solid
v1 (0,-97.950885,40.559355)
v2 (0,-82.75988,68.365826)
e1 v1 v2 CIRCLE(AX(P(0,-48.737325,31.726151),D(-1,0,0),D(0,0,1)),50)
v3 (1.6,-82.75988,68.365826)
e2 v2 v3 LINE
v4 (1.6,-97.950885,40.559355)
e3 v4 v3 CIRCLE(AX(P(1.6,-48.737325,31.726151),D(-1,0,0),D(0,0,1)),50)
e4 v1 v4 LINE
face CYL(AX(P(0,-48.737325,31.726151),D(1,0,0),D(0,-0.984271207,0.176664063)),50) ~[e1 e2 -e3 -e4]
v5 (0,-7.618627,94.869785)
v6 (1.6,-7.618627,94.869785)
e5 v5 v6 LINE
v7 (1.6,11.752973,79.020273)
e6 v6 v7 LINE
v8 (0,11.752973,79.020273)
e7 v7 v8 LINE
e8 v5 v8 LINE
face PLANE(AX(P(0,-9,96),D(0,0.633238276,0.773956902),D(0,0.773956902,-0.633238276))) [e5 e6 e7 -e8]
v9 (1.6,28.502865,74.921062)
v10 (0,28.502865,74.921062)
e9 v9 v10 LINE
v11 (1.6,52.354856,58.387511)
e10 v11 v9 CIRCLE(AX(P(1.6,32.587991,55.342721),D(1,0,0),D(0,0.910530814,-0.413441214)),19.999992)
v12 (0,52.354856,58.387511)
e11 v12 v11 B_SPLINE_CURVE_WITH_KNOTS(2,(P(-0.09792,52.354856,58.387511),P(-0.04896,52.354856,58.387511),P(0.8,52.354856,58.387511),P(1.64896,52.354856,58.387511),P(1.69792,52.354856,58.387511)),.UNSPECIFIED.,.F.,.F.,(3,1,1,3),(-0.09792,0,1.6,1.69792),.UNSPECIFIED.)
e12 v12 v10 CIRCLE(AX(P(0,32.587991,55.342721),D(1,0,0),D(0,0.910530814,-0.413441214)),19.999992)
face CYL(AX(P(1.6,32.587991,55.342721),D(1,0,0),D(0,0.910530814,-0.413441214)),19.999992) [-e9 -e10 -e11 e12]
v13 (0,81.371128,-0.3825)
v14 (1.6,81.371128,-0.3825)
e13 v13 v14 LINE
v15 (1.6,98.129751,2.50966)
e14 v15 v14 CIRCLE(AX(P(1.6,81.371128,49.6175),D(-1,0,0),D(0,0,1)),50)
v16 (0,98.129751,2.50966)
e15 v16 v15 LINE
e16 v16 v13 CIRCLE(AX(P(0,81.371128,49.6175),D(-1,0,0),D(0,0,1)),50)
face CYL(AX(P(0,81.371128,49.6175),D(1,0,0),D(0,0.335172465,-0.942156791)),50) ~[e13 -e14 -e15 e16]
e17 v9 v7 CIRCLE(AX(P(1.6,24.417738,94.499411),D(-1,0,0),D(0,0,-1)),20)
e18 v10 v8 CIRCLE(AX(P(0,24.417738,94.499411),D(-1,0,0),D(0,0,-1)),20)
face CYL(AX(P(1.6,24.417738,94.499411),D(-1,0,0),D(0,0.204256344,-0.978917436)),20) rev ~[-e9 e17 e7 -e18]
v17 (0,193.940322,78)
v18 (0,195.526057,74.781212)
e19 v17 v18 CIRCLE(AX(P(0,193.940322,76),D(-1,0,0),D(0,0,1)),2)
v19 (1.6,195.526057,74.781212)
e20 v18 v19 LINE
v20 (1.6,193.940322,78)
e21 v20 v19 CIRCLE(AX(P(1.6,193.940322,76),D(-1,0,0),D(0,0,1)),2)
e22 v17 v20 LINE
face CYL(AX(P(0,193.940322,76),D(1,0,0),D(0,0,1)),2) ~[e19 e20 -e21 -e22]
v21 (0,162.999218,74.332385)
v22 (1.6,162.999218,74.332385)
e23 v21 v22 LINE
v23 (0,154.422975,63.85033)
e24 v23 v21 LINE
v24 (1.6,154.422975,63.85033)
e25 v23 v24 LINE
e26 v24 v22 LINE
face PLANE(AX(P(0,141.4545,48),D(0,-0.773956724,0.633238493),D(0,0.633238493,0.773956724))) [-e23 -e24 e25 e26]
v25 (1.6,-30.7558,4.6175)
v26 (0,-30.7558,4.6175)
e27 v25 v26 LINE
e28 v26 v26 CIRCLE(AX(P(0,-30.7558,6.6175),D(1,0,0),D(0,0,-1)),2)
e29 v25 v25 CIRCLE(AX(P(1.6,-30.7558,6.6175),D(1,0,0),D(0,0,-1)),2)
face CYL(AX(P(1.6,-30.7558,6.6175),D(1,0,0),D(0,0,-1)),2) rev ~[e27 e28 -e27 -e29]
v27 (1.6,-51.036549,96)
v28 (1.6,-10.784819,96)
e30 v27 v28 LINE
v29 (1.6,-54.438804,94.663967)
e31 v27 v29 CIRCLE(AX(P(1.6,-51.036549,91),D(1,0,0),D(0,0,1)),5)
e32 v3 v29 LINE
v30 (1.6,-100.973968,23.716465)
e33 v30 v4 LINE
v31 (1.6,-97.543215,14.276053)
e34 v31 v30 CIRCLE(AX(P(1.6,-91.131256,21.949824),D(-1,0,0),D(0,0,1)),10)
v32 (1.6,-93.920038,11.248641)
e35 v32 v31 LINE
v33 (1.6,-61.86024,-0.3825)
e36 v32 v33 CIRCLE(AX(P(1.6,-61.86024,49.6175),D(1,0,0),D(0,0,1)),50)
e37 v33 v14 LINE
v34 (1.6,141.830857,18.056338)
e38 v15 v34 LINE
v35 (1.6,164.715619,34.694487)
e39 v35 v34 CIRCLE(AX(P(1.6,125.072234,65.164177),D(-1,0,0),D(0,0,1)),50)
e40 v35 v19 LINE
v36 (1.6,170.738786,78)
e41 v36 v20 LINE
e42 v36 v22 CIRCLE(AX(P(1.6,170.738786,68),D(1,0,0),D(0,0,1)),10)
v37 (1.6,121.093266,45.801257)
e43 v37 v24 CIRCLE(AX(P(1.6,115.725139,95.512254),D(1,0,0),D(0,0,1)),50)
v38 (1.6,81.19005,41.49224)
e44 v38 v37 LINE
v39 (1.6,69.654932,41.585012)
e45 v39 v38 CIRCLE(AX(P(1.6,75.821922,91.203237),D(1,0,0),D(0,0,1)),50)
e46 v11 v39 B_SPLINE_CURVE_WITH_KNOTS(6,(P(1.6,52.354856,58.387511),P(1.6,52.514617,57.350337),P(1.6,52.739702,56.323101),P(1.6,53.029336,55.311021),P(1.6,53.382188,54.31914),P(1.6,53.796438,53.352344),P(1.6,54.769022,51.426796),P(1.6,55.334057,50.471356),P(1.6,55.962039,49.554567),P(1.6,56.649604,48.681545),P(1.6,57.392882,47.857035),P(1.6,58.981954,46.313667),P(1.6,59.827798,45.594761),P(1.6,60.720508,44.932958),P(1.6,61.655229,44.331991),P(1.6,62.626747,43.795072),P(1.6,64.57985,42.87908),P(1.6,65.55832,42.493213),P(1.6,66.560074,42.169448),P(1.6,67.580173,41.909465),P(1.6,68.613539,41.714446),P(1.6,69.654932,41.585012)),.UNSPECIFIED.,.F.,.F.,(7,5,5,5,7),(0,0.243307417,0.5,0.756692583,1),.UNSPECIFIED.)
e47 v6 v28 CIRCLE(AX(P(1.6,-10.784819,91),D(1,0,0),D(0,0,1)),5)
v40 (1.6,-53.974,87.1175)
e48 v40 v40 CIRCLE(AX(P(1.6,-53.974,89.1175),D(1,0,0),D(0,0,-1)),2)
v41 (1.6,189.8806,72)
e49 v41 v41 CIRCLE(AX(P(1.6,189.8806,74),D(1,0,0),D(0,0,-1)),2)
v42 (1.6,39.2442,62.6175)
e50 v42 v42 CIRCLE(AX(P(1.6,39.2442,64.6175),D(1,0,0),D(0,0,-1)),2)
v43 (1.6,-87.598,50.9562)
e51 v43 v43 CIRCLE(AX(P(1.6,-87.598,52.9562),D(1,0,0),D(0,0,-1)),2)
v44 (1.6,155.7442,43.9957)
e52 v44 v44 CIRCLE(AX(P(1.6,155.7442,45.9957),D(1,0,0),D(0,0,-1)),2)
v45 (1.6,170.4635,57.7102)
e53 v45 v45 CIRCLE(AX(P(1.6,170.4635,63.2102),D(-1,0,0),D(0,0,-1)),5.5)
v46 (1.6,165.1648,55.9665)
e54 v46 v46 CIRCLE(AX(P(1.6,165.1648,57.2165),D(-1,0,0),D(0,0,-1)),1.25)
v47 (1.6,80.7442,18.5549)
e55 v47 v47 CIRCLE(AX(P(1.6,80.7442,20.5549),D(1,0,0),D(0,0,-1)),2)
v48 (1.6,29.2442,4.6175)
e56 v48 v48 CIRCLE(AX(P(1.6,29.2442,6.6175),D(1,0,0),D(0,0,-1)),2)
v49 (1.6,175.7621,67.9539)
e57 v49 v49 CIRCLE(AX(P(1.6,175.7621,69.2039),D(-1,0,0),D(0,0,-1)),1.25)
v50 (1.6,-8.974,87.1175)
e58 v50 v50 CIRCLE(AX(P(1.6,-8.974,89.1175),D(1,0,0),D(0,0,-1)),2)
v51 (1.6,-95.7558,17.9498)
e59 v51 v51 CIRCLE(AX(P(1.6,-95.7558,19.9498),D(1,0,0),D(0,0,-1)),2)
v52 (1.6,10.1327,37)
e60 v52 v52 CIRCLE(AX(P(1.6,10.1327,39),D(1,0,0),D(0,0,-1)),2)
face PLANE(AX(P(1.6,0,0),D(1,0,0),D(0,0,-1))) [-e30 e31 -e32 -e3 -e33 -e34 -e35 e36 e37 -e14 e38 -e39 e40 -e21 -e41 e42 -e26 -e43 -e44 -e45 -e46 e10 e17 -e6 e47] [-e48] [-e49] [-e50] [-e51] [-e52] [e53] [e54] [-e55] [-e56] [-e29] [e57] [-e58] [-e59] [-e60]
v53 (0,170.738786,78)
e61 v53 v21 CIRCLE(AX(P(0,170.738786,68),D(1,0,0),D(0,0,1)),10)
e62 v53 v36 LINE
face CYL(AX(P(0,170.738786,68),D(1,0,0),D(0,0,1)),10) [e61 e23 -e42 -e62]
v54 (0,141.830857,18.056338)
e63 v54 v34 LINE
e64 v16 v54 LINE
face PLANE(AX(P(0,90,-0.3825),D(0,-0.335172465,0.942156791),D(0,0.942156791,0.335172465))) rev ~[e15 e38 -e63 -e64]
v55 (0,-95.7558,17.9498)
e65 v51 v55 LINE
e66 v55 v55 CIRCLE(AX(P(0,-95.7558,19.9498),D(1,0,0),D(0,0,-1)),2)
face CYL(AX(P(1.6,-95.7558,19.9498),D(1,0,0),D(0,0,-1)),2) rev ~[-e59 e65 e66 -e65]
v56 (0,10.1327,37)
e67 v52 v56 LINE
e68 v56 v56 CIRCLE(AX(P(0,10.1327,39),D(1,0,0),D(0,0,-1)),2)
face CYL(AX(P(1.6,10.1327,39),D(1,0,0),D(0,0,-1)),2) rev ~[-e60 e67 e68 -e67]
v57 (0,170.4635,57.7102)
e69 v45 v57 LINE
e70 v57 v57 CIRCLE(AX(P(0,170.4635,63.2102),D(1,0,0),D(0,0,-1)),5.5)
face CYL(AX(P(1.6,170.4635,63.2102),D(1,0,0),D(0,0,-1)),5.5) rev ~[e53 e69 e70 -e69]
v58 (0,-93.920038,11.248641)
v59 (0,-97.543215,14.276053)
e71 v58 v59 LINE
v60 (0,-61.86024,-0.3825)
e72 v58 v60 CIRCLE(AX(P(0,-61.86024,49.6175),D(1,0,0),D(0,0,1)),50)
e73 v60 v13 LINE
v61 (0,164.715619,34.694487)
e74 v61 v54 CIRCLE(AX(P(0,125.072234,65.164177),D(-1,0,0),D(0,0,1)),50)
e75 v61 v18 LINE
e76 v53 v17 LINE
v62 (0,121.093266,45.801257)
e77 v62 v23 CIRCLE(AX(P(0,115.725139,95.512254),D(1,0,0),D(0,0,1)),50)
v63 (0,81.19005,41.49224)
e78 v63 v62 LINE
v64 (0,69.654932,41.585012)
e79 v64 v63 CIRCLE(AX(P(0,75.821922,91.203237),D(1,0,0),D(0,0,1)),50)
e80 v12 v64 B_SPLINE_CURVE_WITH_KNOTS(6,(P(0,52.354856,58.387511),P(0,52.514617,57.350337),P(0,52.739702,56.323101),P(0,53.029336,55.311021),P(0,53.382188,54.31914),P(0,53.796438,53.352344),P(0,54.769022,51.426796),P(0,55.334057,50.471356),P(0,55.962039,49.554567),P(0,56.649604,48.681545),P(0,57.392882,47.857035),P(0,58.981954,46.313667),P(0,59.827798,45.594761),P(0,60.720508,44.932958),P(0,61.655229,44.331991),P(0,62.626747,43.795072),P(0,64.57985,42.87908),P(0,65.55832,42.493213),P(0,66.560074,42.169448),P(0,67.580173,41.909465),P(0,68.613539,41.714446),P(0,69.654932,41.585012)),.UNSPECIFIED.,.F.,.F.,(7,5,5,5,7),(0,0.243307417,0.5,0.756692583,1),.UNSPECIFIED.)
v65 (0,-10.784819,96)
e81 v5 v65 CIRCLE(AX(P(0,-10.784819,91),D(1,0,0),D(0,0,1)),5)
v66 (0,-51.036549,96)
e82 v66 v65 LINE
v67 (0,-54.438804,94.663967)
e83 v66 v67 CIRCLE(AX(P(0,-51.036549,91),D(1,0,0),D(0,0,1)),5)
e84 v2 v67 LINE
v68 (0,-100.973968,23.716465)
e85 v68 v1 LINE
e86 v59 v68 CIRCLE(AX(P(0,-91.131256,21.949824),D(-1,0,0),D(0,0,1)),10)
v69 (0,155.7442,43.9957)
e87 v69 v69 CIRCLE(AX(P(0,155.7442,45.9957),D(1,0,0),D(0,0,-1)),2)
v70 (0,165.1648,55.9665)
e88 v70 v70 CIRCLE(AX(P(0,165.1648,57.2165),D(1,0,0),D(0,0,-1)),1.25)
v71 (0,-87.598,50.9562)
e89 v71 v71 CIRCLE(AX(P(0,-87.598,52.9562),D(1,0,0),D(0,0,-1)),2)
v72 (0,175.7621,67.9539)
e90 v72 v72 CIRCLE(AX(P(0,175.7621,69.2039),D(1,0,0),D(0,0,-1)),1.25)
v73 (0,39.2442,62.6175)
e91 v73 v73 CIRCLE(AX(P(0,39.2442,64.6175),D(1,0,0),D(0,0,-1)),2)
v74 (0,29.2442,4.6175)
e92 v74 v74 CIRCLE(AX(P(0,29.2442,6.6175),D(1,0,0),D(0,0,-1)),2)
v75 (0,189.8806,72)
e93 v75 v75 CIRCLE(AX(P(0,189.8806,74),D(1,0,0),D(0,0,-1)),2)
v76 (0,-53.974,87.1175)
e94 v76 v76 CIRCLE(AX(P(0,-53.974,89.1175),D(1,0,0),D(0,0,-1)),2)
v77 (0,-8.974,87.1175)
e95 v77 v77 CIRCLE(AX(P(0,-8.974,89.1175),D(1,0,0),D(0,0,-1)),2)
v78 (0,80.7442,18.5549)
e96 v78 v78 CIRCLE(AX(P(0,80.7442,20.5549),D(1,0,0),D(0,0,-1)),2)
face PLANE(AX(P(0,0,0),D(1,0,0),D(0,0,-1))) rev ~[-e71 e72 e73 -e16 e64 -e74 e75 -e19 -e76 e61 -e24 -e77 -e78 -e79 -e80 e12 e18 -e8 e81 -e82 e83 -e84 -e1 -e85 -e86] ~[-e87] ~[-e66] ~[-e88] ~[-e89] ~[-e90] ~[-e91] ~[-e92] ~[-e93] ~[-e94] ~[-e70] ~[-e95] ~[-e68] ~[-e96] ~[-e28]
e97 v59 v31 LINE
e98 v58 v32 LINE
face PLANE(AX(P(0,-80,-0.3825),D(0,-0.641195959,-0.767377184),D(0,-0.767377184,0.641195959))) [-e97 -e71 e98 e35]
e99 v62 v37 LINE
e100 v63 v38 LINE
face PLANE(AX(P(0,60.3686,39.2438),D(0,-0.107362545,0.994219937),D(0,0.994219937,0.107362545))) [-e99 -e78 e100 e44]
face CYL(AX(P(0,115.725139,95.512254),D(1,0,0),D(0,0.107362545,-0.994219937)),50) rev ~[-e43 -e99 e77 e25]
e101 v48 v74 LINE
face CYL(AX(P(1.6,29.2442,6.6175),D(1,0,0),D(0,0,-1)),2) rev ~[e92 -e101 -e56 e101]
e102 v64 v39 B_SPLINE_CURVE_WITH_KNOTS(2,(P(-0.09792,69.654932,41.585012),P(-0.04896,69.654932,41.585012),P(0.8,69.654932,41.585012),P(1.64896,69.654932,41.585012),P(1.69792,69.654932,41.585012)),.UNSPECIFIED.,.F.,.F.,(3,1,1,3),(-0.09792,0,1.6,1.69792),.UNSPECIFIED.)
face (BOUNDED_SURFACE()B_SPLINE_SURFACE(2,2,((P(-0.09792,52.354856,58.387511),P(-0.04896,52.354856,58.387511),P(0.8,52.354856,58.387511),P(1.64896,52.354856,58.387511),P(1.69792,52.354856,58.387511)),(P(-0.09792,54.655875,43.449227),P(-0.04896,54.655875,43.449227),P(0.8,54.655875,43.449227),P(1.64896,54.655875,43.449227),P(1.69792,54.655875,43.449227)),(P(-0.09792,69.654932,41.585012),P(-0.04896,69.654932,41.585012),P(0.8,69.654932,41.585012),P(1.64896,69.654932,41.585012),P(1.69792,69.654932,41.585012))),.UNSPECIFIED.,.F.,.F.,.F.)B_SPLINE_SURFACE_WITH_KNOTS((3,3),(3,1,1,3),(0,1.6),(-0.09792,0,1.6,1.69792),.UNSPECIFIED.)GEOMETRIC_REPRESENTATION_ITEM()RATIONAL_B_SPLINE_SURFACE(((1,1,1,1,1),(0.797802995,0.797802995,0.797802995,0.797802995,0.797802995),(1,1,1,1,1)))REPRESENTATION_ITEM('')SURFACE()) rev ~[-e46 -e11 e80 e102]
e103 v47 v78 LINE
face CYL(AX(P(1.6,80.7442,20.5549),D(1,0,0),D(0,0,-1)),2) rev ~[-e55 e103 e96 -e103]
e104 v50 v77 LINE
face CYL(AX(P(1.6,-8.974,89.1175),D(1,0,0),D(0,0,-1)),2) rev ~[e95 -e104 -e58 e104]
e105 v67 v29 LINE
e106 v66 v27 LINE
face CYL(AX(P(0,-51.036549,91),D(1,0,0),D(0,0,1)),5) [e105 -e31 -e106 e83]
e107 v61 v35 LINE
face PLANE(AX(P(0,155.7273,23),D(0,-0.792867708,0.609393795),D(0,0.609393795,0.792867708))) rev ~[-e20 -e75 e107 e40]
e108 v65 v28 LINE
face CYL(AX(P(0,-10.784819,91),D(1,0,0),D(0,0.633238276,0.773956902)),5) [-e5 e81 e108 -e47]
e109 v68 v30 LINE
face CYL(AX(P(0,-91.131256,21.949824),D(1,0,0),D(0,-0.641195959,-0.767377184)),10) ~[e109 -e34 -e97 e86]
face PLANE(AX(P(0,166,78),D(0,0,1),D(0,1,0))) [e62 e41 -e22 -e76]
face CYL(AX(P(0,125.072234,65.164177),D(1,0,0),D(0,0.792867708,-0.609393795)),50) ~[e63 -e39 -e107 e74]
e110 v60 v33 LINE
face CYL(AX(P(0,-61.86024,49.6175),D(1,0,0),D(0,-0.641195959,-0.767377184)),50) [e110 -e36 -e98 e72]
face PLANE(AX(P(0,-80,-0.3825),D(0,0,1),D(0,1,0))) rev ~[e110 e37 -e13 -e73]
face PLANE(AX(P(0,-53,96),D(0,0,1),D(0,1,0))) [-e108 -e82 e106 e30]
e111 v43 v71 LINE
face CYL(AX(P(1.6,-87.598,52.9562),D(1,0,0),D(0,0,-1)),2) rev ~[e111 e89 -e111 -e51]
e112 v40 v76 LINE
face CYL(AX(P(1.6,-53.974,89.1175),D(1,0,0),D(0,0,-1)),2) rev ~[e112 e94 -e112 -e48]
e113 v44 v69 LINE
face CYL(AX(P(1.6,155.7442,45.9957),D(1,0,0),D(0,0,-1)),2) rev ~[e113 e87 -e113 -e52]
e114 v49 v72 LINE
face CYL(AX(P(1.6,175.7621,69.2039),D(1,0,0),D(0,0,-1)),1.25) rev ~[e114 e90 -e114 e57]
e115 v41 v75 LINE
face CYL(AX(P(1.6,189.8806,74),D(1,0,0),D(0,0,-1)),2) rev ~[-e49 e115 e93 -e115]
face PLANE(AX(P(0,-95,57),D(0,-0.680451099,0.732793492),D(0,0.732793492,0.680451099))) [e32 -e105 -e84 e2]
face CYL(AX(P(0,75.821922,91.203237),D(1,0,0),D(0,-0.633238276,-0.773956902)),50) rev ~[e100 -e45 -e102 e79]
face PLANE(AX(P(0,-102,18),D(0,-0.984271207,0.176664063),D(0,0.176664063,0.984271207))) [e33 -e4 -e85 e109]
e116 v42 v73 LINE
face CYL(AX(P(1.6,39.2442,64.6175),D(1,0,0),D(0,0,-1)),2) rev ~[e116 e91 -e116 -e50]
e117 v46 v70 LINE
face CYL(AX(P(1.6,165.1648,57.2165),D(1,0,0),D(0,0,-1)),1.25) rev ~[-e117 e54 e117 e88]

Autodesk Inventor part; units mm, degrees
ref_plane "YZ Plane" through (0, 0, 0) normal (1, 0, 0) x (0, 1, 0)
ref_plane "XZ Plane" through (0, 0, 0) normal (0, 1, 0) x (-1, 0, 0)
ref_plane "XY Plane" through (0, 0, 0) normal (0, 0, 1) x (1, 0, 0)
sketch "Esquisse1" plane through (0, 0, 0) normal (1, 0, 0) x (0, 1, 0)
  line L0 (-80, -0.3825) -> (90, -0.3825)
  line L1 (90, -0.3825) -> (155.7273, 23)
  line L2 (155.7273, 23) -> (198, 78)
  line L3 (-80, -0.3825) -> (-102, 18)
  line L4 (-102, 18) -> (-95, 57)
  line L5 (-95, 57) -> (-53, 96)
  line L6 (-53, 96) -> (-9, 96)
  line L7 (-9, 96) -> (60.3686, 39.2438)
  line L8 (60.3686, 39.2438) -> (141.4545, 48)
  line L9 (141.4545, 48) -> (166, 78)
  line L10 (166, 78) -> (198, 78)
  point P0 (0, 0)
  dimension "d0" = 300
  dimension "d1" = 32
  dimension "d2" = 44
  dimension "d3" = 170
extrude "Extrusion1" add sketch "Esquisse1" along normal blind 1.6
fillet "Congé1" radius 50 6 edges at (0.8, -95, 57) (0.8, -80, -0.3825) (0.8, 60.3686, 39.2438) (0.8, 141.4545, 48) (0.8, 155.7273, 23) (0.8, 90, -0.3825)
fillet "Congé2" radius 10 1 edges at (0.8, -102, 18)
fillet "Congé3" radius 10 1 edges at (0.8, 166, 78)
fillet "Congé4" radius 2 1 edges at (0.8, 198, 78)
fillet "Congé5" radius 5 2 edges at (0.8, -9, 96) (0.8, -53, 96)
sketch "Esquisse2" plane through (1.6, 0, 0) normal (1, 0, 0) x (0, 0, -1)
  line L0 (-94.664, -54.4388) -> (-68.3658, -82.7599) projected
  arc A0 (-23.7165, -100.974) -> (-14.2761, -97.5432) centre (-21.9498, -91.1313) ccw projected
  line L1 (-14.2761, -97.5432) -> (-11.2486, -93.92) projected
  line L2 (0.3825, -61.8602) -> (0.3825, 81.3711) projected
  line L3 (-34.6945, 164.7156) -> (-74.7812, 195.5261) projected
  line L4 (-78, 193.9403) -> (-78, 170.7388) projected
  line L5 (-52.5054, 44.1601) -> (-94.8698, -7.6186) projected
  circle A1 centre (-89.1175, -53.974) radius 2
  circle A2 centre (-19.9498, -95.7558) radius 2
  circle A3 centre (-6.6175, -30.7558) radius 2
  circle A4 centre (-39, 10.1327) radius 2
  circle A5 centre (-20.5549, 80.7442) radius 2
  circle A6 centre (-45.9957, 155.7442) radius 2
  circle A7 centre (-6.6175, 29.2442) radius 2
  circle A8 centre (-74, 189.8806) radius 2
  line L6 (-40.5594, -97.9509) -> (-23.7165, -100.974) projected
  circle A9 centre (-52.9562, -87.598) radius 2
  circle A10 centre (-89.1175, -8.974) radius 2
  line L7 (-96, -10.7848) -> (-96, -51.0365) projected
  point P0 (-41.4923, 81.1901)
  point P1 (0, 0)
  dimension "d11" = 4
  dimension "d13" = 4
  dimension "d14" = 4
  dimension "d15" = 4
  dimension "d16" = 4
  dimension "d17" = 4
  dimension "d22" = 2
  dimension "d23" = 5.5
  dimension "d24" = 7
  dimension "d25" = 4
  dimension "d26" = 7
  dimension "d27" = 60
  dimension "d28" = 65
  dimension "d31" = 41.8748
  dimension "d32" = 20.9374
  dimension "d36" = 14
  dimension "d37" = 75
  dimension "d38" = 4
  dimension "d39" = 4
  dimension "d40" = 4
  dimension "d43" = 4
  dimension "d44" = 8
  dimension "d45" = 8
  dimension "d64" = 4
  dimension "d65" = 45
  dimension "d66" = 89.5
  dimension "d67" = 89.5
  dimension "d68" = 47
  dimension "d70" = 32
  dimension "d71" = 57
  dimension "d72" = 51.5
extrude "Extrusion2" cut sketch "Esquisse2" against normal blind 4
sketch "Esquisse3" plane through (1.6, 0, 0) normal (1, 0, 0) x (0, 0, -1)
  line L0 (-34.6945, 164.7156) -> (-74.7812, 195.5261) projected
  line L1 (-74.3324, 162.9992) -> (-63.8504, 154.423) projected
  circle A0 centre (-63.2102, 170.4635) radius 5.5
  line L2 (-52.7212, 161.1908) -> (-63.2102, 170.4635)
  line L3 (-63.2102, 170.4635) -> (-73.6991, 179.7361)
  circle A1 centre (-69.2039, 175.7621) radius 1.25
  circle A2 centre (-57.2165, 165.1648) radius 1.25
  point P0 (0, 0)
  dimension "d46" = 11
  dimension "d47" = 12.82
  dimension "d48" = 12.82
  dimension "d50" = 28
  dimension "d51" = 14
  dimension "d52" = 2.5
  dimension "d53" = 2.5
  dimension "d54" = 8
  dimension "d55" = 8
  dimension "d56" = 11.8599
extrude "Extrusion3" cut sketch "Esquisse3" against normal through all
sketch "Esquisse5" plane through (1.6, 0, 0) normal (1, 0, 0) x (0, 0, -1)
  circle A0 centre (-20.5549, 80.7442) radius 2 projected
  line L0 (-52.5054, 44.1601) -> (-94.8698, -7.6186) projected
  arc A1 (-47.0739, 50.7986) -> (-71.5553, 20.8768) centre (-55.3427, 32.5879) ccw
  line L1 (-47.0739, 50.7986) -> (-71.5553, 20.8768)
  point P0 (-96, -10.7848)
  point P1 (0, 0)
  dimension "d79" = 40
  dimension "d80" = 40
  dimension "d81" = 20
extrude "Extrusion5" add sketch "Esquisse5" against normal blind 1.6 contours L0 A1 L1
fillet "Congé7" radius 20 2 edges at (0.8, 20.8768, 71.5553) (0.8, 51.09, 47.7484)
sketch "Esquisse6" plane through (1.6, 0, 0) normal (1, 0, 0) x (0, 0, -1)
  line L0 (0.3825, -61.8602) -> (0.3825, 81.3711) projected
  circle A0 centre (-19.9498, -95.7558) radius 2 projected
  circle A1 centre (-64.6175, 39.2442) radius 2
  point P0 (0, 0)
  dimension "d85" = 4
  dimension "d86" = 65
  dimension "d87" = 135
extrude "Extrusion6" cut sketch "Esquisse6" against normal through all contours A1
equation "\"d13\" = d11"
equation "\"d14\" = d11"
equation "\"d15\" = d11"
equation "\"d16\" = d11"
equation "\"d17\" = d11"
equation "\"d25\" = d11"
equation "\"d26\" = d24"
equation "\"d32\" = 0.5 * d31"
equation "\"d38\" = d11"
equation "\"d43\" = d11"
equation "\"d64\" = d11"
equation "\"d67\" = d66"
equation "\"d41\" = d43"
equation "\"d47\" = d48"
equation "\"d51\" = 0.5 * d50"
equation "\"d53\" = d52"
equation "\"d55\" = d54"
properties part number "Cote_Droit" material "Fibre de verre - FR4"
